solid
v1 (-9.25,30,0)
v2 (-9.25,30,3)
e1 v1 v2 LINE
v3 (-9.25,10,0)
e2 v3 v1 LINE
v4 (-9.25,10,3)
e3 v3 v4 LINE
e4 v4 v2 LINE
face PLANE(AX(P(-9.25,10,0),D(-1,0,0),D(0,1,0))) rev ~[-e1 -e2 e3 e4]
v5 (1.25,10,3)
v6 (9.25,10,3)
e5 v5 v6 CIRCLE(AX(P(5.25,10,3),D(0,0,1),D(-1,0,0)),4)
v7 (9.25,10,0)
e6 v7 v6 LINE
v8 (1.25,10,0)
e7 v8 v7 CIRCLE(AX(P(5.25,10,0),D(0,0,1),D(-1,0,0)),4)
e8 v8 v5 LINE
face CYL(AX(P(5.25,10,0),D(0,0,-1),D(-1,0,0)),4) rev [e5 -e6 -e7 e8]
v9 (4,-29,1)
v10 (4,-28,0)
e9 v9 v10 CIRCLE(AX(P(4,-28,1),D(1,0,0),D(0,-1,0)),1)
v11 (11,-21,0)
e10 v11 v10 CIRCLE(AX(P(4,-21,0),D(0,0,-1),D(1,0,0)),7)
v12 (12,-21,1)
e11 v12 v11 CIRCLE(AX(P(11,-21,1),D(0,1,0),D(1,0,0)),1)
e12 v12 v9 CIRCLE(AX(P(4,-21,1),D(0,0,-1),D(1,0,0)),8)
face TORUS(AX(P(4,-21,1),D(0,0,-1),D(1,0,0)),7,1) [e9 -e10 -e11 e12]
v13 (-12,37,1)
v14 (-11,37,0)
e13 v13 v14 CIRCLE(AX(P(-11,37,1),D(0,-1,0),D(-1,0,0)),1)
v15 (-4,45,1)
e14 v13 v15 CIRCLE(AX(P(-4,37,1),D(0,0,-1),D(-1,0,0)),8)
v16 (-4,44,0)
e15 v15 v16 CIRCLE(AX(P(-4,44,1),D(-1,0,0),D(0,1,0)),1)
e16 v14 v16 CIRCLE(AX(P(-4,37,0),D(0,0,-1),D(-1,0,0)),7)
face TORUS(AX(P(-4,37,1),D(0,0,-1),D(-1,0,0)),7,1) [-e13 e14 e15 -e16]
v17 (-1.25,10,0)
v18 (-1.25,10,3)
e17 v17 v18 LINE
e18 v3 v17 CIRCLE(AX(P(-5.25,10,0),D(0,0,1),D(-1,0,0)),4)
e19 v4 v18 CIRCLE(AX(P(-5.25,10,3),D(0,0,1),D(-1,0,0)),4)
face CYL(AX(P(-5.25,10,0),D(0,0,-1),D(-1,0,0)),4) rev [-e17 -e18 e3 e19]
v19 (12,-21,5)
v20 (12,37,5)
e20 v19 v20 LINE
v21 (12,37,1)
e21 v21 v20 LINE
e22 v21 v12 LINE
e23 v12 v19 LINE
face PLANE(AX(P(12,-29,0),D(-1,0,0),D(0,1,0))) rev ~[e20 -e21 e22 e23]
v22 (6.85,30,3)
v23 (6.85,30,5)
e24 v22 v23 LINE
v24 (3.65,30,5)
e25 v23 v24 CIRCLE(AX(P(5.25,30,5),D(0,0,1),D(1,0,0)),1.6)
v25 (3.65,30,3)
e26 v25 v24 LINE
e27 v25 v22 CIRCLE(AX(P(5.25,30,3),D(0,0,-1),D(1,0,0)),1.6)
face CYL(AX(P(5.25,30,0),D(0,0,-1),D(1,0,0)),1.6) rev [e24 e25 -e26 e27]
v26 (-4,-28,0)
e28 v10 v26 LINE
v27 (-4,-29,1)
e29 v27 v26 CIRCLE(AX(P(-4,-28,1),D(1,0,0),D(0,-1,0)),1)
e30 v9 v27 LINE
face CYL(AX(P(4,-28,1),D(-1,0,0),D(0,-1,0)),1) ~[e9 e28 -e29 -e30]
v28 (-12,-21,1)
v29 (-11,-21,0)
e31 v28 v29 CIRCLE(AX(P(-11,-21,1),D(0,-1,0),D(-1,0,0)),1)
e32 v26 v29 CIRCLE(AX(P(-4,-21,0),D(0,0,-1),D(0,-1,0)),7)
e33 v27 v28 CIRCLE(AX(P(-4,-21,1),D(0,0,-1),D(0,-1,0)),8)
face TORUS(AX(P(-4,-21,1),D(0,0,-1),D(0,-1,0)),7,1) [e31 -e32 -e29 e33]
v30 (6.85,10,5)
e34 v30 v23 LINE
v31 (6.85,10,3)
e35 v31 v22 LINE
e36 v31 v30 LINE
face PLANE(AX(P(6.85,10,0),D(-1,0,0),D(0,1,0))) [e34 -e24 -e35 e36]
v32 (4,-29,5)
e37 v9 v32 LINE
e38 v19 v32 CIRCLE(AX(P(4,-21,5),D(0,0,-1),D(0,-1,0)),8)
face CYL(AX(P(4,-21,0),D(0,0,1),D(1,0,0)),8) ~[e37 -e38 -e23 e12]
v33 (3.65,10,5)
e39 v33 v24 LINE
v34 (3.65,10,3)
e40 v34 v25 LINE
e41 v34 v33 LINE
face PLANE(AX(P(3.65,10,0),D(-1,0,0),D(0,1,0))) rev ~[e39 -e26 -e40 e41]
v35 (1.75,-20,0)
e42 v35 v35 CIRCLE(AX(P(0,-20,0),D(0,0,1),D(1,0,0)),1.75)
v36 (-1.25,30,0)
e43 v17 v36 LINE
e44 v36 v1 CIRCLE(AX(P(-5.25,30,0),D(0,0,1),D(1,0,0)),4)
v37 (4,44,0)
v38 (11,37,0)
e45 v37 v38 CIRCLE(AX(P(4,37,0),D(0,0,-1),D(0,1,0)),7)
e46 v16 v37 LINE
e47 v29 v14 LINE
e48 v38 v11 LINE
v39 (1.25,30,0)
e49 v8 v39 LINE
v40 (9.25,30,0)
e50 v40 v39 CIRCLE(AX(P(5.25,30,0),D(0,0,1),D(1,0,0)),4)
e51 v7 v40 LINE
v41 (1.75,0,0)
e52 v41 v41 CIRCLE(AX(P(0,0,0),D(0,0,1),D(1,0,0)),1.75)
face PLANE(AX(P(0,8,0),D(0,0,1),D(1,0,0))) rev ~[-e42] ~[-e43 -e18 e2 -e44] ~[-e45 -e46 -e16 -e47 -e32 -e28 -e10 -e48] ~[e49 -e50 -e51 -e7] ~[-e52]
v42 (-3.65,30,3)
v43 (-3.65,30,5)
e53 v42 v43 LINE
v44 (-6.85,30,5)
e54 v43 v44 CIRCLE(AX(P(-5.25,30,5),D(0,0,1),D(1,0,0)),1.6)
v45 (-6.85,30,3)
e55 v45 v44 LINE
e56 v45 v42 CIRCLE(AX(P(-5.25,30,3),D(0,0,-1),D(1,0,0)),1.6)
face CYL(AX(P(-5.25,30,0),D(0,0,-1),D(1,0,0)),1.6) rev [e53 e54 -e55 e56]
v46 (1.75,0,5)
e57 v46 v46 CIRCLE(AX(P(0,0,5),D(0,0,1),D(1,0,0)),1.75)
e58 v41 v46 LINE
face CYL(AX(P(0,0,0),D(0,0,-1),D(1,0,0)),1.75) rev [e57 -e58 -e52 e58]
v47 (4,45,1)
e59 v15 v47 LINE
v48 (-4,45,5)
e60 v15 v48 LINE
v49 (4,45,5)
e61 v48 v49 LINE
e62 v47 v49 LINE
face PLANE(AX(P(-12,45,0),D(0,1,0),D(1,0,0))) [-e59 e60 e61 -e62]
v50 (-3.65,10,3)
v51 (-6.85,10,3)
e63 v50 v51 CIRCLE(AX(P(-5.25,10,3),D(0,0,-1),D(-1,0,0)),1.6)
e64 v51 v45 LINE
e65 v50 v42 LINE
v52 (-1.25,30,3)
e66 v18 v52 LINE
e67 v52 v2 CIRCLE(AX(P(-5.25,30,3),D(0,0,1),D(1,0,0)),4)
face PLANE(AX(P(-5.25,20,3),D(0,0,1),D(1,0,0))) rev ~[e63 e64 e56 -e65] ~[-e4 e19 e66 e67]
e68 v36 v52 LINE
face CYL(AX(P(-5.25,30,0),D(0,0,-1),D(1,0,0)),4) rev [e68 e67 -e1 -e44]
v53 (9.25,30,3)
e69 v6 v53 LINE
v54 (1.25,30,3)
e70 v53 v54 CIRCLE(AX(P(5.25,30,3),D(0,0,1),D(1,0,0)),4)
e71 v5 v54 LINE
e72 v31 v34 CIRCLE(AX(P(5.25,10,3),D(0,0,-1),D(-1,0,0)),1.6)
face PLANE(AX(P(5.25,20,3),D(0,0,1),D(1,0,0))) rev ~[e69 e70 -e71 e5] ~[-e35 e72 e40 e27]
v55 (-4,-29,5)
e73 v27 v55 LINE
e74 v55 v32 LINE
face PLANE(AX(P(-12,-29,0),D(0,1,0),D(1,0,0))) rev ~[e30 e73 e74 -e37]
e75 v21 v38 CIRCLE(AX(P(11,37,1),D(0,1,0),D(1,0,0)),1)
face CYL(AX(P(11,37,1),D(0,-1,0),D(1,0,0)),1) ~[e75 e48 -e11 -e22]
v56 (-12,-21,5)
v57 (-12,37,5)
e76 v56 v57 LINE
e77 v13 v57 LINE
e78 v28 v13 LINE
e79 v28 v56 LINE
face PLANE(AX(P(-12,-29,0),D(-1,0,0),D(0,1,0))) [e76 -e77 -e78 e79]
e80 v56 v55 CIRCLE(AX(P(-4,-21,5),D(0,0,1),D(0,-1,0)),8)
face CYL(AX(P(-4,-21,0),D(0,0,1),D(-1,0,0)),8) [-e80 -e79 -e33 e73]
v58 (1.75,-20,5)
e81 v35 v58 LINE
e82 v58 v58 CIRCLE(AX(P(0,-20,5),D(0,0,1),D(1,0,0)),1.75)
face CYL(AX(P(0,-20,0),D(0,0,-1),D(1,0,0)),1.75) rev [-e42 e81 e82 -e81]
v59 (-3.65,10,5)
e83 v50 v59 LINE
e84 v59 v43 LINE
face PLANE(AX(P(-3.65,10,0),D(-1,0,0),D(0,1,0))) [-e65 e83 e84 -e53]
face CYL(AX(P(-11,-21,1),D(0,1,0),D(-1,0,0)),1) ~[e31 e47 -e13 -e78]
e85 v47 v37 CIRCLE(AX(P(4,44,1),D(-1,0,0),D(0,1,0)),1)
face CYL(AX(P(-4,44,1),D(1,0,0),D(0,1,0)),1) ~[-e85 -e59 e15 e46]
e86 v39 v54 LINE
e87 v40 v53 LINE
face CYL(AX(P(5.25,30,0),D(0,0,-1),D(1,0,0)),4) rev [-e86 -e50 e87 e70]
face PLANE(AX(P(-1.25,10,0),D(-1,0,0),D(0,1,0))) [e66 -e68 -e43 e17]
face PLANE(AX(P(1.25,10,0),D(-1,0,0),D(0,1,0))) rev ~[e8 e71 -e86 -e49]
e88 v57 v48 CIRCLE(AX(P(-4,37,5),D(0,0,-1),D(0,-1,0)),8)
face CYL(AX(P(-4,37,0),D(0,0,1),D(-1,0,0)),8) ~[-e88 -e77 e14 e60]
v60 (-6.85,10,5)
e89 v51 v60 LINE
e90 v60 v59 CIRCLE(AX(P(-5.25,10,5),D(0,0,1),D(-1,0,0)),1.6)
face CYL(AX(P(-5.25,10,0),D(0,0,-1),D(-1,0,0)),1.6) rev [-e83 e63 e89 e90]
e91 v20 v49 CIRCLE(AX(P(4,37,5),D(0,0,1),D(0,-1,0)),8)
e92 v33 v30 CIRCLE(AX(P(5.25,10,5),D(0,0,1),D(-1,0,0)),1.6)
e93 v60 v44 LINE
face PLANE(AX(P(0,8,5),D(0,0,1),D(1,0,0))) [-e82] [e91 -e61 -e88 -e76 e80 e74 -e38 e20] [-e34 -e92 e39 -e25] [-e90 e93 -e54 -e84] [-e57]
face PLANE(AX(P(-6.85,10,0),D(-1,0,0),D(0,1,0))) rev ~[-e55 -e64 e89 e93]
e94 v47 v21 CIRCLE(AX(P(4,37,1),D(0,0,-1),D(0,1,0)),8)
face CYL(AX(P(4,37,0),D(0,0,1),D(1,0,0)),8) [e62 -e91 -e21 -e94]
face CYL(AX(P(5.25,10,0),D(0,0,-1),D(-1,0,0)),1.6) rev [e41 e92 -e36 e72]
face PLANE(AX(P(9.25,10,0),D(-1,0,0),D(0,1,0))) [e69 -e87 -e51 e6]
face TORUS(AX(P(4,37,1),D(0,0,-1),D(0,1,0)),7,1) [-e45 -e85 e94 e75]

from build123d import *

# Parameters (mm, degrees)
SKETCH_W     = 24
SKETCH_H     = 74
SKETCH_R     = 1.75
PAD_DEPTH    = 5
SKETCH001_R  = 1.75
POCKET_DEPTH = 3
FILLET_R     = 8
FILLET001_R  = 1


with BuildPart() as part:
    # Sketch → Pad (new body)
    with BuildSketch(Plane.XY):
        with Locations((0, 8)):
            Rectangle(SKETCH_W, SKETCH_H)
        Circle(SKETCH_R, mode=Mode.SUBTRACT)
        with Locations((0, -20)):
            Circle(SKETCH_R, mode=Mode.SUBTRACT)
        with BuildLine():
            ThreePointArc((-6.85, 10), (-5.25, 8.4), (-3.65, 10))
            Line((-3.65, 10), (-3.65, 30))
            ThreePointArc((-3.65, 30), (-5.25, 31.6), (-6.85, 30))
            Line((-6.85, 10), (-6.85, 30))
        make_face(mode=Mode.SUBTRACT)
        with BuildLine():
            ThreePointArc((3.65, 10), (5.25, 8.4), (6.85, 10))
            Line((6.85, 10), (6.85, 30))
            ThreePointArc((6.85, 30), (5.25, 31.6), (3.65, 30))
            Line((3.65, 10), (3.65, 30))
        make_face(mode=Mode.SUBTRACT)
    extrude(amount=PAD_DEPTH)

    # Sketch001 → Pocket (cut)
    with BuildSketch(Plane.XY):
        Circle(SKETCH001_R)
        with Locations((0, -20)):
            Circle(SKETCH001_R)
        with BuildLine():
            ThreePointArc((1.25, 10), (5.25, 6), (9.25, 10))
            Line((9.25, 10), (9.25, 30))
            ThreePointArc((9.25, 30), (5.25, 34), (1.25, 30))
            Line((1.25, 10), (1.25, 30))
        make_face()
        with BuildLine():
            ThreePointArc((-9.25, 10), (-5.25, 6), (-1.25, 10))
            Line((-1.25, 10), (-1.25, 30))
            ThreePointArc((-1.25, 30), (-5.25, 34), (-9.25, 30))
            Line((-9.25, 10), (-9.25, 30))
        make_face()
    extrude(amount=POCKET_DEPTH, mode=Mode.SUBTRACT)

    # Fillet
    fillet_edges = [part.edges().sort_by_distance(p)[0] for p in [
        (-12, -29, 2.5),
        (12, -29, 2.5),
        (12, 45, 2.5),
        (-12, 45, 2.5),
    ]]
    fillet(fillet_edges, radius=FILLET_R)

    # Fillet001
    fillet001_edges = [part.edges().sort_by_distance(p)[0] for p in [
        (-12, 8, 0),
        (-9.656854, -26.656854, 0),
        (0, -29, 0),
        (9.656854, -26.656854, 0),
        (12, 8, 0),
        (0, 45, 0),
        (-9.656854, 42.656854, 0),
        (9.656854, 42.656854, 0),
    ]]
    fillet(fillet001_edges, radius=FILLET001_R)


solid = part.part
